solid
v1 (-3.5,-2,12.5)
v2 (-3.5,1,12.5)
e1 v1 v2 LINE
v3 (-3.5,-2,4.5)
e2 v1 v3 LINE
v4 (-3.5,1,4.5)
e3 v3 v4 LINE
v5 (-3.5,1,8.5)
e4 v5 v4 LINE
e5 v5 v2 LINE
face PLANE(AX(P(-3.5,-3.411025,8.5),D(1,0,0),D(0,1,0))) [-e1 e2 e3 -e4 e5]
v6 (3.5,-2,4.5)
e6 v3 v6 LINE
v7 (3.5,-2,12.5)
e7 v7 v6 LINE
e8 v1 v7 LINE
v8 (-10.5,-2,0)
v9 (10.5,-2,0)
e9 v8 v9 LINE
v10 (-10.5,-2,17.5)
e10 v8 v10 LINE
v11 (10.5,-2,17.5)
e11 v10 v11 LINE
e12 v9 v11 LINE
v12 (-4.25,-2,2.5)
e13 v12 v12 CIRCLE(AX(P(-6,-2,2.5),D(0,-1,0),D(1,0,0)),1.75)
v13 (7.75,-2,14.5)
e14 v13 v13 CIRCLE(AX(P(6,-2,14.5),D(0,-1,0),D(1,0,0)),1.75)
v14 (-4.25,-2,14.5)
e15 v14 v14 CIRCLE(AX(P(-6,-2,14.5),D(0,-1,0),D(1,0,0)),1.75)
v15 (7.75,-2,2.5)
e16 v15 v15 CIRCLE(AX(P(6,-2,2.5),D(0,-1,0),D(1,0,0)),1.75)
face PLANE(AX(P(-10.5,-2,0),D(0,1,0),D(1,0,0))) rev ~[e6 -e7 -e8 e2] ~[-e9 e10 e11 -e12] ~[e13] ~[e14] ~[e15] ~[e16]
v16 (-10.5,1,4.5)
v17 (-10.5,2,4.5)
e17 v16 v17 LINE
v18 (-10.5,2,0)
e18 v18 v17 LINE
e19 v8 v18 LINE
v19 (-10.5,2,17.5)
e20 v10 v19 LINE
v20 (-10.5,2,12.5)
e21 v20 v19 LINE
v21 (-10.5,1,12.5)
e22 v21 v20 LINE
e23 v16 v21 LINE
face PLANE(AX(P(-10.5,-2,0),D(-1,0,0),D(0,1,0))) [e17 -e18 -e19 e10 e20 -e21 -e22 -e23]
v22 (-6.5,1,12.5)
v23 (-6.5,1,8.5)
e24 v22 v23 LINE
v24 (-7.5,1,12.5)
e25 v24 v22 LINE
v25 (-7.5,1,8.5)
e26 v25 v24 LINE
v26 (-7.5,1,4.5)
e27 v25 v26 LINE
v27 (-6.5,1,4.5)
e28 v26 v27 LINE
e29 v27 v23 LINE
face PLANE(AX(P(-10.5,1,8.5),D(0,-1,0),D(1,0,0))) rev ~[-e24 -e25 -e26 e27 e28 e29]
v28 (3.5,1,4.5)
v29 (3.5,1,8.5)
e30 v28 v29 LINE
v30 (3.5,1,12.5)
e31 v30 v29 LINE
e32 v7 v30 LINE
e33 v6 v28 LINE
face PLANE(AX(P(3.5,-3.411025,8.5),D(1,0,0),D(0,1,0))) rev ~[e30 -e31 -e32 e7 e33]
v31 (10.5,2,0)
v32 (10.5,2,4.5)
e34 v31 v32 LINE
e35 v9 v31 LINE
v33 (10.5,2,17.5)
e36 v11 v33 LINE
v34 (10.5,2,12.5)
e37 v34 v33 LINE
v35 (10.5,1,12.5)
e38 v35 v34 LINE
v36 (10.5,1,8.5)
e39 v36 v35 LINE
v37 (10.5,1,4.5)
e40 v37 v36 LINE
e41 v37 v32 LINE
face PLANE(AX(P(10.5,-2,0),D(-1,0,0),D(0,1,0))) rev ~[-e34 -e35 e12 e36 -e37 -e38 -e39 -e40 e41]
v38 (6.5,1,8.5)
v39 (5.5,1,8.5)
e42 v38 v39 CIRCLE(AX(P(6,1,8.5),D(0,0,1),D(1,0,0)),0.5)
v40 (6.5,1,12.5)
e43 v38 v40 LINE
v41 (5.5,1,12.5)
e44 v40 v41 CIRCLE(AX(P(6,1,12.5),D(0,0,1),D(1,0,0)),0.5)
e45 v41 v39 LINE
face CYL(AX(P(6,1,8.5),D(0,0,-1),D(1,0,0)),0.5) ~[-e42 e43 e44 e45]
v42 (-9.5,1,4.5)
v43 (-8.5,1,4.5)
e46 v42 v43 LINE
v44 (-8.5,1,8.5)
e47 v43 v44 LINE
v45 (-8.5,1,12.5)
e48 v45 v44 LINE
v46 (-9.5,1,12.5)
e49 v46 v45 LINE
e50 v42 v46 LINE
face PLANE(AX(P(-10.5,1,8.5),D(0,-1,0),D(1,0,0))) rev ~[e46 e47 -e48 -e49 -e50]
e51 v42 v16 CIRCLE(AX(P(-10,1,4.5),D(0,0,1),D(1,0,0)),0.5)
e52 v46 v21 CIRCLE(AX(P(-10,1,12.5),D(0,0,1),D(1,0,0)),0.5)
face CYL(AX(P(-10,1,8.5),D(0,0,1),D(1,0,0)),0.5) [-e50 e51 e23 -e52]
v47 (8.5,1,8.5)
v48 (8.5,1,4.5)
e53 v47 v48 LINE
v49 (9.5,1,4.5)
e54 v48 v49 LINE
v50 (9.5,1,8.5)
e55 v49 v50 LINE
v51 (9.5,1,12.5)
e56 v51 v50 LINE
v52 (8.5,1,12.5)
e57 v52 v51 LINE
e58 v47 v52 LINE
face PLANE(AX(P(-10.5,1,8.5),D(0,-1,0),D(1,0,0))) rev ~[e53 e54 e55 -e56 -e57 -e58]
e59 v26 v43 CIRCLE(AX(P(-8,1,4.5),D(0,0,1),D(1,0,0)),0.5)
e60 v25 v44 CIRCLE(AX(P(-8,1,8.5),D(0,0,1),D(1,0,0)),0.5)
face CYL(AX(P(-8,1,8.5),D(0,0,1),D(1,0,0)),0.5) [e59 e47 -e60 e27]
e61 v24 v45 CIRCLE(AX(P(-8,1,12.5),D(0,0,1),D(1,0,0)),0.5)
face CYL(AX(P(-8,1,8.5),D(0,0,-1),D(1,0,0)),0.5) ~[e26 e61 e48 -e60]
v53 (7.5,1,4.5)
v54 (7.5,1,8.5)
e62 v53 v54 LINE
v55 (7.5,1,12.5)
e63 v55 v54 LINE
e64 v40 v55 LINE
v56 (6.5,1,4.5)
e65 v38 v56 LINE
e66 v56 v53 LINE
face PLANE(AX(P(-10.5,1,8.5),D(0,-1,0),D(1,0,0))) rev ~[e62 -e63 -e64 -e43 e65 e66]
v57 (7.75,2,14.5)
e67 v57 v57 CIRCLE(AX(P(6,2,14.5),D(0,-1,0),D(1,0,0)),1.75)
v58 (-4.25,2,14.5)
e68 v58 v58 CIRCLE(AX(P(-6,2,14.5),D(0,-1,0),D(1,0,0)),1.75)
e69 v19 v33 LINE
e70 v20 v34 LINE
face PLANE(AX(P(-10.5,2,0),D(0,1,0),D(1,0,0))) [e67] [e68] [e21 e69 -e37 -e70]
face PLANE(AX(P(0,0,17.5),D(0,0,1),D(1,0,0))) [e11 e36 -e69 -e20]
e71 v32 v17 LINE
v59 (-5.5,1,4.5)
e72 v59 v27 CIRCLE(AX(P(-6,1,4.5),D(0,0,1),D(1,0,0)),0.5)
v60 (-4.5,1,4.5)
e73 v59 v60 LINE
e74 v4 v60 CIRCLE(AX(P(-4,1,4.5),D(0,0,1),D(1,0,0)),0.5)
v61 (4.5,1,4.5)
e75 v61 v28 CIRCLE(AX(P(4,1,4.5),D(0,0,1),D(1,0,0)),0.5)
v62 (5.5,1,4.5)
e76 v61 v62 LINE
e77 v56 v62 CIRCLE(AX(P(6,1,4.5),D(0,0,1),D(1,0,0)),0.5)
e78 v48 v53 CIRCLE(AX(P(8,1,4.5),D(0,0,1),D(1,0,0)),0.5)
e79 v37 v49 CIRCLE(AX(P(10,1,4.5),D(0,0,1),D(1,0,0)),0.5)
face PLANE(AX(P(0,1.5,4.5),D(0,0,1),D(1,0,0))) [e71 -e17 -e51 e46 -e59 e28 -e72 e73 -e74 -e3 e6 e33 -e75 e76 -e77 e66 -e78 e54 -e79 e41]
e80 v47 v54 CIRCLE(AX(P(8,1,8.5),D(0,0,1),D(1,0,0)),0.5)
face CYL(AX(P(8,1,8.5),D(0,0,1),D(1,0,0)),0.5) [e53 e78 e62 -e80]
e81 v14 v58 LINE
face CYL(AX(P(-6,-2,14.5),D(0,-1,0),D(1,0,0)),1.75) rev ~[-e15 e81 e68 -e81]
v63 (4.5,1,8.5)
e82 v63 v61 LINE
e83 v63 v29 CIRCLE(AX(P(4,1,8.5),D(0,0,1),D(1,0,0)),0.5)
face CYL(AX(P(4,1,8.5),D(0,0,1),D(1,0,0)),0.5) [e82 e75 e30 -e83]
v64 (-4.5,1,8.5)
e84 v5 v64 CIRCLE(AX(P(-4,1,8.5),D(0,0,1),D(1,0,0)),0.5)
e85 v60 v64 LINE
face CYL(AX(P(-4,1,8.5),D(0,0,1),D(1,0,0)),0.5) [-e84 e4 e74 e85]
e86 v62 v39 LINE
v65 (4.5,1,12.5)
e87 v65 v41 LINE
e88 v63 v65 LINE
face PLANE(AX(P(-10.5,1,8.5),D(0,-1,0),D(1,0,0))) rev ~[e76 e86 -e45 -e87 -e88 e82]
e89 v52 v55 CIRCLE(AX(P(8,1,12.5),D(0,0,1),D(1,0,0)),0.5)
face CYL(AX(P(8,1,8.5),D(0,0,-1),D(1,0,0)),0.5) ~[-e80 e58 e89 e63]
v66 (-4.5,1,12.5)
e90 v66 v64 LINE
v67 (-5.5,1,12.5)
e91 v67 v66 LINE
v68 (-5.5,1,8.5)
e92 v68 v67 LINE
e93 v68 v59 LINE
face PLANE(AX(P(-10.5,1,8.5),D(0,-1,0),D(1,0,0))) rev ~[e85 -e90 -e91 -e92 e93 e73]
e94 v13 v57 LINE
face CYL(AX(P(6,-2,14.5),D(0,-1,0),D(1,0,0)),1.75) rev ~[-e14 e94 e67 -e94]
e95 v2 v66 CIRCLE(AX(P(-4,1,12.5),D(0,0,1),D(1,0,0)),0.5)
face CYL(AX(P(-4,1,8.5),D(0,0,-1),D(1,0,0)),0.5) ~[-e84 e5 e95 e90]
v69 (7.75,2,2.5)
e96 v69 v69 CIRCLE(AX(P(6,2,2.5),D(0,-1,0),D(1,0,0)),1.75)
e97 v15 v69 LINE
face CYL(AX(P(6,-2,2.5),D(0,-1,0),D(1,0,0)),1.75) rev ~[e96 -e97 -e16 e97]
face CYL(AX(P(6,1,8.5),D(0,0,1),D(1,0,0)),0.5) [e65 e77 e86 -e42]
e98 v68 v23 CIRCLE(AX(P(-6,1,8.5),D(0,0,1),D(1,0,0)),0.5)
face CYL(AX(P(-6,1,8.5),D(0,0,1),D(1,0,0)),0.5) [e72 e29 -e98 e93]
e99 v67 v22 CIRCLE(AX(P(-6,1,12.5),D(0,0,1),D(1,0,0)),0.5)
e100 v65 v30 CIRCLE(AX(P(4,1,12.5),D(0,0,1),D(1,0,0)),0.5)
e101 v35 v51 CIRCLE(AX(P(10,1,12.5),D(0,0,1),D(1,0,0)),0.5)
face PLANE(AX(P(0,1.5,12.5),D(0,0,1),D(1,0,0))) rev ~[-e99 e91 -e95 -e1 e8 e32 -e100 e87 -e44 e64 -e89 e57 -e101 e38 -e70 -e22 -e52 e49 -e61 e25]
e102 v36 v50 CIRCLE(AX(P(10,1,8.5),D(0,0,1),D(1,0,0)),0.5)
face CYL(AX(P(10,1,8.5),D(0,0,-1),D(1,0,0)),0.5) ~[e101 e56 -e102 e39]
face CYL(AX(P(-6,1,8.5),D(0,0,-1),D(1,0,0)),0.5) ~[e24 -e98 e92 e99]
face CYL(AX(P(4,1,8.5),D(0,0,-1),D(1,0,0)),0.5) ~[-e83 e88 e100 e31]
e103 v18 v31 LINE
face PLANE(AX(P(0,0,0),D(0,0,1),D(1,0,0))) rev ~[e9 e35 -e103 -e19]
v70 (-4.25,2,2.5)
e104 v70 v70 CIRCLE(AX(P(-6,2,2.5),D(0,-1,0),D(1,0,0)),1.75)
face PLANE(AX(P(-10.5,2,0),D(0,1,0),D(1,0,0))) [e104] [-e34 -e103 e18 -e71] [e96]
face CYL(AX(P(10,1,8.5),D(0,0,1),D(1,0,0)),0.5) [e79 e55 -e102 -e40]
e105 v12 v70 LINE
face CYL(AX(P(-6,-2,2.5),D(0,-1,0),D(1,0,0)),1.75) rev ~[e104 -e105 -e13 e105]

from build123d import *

# Parameters (mm, degrees)
F1_W      = 21
F1_H      = 4
F2_DEPTH  = 17.5
F3_R      = 1.75
F4_DEPTH  = 4.001
F5_W      = 21
F5_H      = 1
F6_DEPTH  = 4
F7_R      = 0.5
F8_DEPTH  = 4
F9_W      = 7
F9_H      = 6.82205
F10_DEPTH = 4


with BuildPart() as f2:
    # F1 (on Top) → F2 (new body)
    with BuildSketch(Plane.XY):
        Rectangle(F1_W, F1_H)
    extrude(amount=F2_DEPTH)

    # F3 (on face) → F4 (cut, through all)
    with BuildSketch(Plane.XZ.offset(2)):
        with Locations((-6, 14.5)):
            Circle(F3_R)
        with Locations((6, 14.5)):
            Circle(F3_R)
        with Locations((6, 2.5)):
            Circle(F3_R)
        with Locations((-6, 2.5)):
            Circle(F3_R)
    extrude(amount=-F4_DEPTH, mode=Mode.SUBTRACT)

    # F5 (on offset) → F6 (cut, symmetric)
    with BuildSketch(Plane.XY.offset(8.5)):
        with Locations((0, 1.5)):
            Rectangle(F5_W, F5_H)
    extrude(amount=F6_DEPTH, both=True, mode=Mode.SUBTRACT)

    # F7 (on offset) → F8 (join, symmetric)
    with BuildSketch(Plane.XY.offset(8.5)):
        with Locations((10, 1)):
            Circle(F7_R)
        with Locations((8, 1)):
            Circle(F7_R)
        with Locations((6, 1)):
            Circle(F7_R)
        with Locations((4, 1)):
            Circle(F7_R)
        with Locations((2, 1)):
            Circle(F7_R)
        with Locations((0, 1)):
            Circle(F7_R)
        with Locations((-2, 1)):
            Circle(F7_R)
        with Locations((-4, 1)):
            Circle(F7_R)
        with Locations((-6, 1)):
            Circle(F7_R)
        with Locations((-8, 1)):
            Circle(F7_R)
        with Locations((-10, 1)):
            Circle(F7_R)
    extrude(amount=F8_DEPTH, both=True)

    # F9 (on offset) → F10 (cut, symmetric)
    with BuildSketch(Plane.XY.offset(8.5)):
        Rectangle(F9_W, F9_H)
    extrude(amount=F10_DEPTH, both=True, mode=Mode.SUBTRACT)


solid = f2.part
